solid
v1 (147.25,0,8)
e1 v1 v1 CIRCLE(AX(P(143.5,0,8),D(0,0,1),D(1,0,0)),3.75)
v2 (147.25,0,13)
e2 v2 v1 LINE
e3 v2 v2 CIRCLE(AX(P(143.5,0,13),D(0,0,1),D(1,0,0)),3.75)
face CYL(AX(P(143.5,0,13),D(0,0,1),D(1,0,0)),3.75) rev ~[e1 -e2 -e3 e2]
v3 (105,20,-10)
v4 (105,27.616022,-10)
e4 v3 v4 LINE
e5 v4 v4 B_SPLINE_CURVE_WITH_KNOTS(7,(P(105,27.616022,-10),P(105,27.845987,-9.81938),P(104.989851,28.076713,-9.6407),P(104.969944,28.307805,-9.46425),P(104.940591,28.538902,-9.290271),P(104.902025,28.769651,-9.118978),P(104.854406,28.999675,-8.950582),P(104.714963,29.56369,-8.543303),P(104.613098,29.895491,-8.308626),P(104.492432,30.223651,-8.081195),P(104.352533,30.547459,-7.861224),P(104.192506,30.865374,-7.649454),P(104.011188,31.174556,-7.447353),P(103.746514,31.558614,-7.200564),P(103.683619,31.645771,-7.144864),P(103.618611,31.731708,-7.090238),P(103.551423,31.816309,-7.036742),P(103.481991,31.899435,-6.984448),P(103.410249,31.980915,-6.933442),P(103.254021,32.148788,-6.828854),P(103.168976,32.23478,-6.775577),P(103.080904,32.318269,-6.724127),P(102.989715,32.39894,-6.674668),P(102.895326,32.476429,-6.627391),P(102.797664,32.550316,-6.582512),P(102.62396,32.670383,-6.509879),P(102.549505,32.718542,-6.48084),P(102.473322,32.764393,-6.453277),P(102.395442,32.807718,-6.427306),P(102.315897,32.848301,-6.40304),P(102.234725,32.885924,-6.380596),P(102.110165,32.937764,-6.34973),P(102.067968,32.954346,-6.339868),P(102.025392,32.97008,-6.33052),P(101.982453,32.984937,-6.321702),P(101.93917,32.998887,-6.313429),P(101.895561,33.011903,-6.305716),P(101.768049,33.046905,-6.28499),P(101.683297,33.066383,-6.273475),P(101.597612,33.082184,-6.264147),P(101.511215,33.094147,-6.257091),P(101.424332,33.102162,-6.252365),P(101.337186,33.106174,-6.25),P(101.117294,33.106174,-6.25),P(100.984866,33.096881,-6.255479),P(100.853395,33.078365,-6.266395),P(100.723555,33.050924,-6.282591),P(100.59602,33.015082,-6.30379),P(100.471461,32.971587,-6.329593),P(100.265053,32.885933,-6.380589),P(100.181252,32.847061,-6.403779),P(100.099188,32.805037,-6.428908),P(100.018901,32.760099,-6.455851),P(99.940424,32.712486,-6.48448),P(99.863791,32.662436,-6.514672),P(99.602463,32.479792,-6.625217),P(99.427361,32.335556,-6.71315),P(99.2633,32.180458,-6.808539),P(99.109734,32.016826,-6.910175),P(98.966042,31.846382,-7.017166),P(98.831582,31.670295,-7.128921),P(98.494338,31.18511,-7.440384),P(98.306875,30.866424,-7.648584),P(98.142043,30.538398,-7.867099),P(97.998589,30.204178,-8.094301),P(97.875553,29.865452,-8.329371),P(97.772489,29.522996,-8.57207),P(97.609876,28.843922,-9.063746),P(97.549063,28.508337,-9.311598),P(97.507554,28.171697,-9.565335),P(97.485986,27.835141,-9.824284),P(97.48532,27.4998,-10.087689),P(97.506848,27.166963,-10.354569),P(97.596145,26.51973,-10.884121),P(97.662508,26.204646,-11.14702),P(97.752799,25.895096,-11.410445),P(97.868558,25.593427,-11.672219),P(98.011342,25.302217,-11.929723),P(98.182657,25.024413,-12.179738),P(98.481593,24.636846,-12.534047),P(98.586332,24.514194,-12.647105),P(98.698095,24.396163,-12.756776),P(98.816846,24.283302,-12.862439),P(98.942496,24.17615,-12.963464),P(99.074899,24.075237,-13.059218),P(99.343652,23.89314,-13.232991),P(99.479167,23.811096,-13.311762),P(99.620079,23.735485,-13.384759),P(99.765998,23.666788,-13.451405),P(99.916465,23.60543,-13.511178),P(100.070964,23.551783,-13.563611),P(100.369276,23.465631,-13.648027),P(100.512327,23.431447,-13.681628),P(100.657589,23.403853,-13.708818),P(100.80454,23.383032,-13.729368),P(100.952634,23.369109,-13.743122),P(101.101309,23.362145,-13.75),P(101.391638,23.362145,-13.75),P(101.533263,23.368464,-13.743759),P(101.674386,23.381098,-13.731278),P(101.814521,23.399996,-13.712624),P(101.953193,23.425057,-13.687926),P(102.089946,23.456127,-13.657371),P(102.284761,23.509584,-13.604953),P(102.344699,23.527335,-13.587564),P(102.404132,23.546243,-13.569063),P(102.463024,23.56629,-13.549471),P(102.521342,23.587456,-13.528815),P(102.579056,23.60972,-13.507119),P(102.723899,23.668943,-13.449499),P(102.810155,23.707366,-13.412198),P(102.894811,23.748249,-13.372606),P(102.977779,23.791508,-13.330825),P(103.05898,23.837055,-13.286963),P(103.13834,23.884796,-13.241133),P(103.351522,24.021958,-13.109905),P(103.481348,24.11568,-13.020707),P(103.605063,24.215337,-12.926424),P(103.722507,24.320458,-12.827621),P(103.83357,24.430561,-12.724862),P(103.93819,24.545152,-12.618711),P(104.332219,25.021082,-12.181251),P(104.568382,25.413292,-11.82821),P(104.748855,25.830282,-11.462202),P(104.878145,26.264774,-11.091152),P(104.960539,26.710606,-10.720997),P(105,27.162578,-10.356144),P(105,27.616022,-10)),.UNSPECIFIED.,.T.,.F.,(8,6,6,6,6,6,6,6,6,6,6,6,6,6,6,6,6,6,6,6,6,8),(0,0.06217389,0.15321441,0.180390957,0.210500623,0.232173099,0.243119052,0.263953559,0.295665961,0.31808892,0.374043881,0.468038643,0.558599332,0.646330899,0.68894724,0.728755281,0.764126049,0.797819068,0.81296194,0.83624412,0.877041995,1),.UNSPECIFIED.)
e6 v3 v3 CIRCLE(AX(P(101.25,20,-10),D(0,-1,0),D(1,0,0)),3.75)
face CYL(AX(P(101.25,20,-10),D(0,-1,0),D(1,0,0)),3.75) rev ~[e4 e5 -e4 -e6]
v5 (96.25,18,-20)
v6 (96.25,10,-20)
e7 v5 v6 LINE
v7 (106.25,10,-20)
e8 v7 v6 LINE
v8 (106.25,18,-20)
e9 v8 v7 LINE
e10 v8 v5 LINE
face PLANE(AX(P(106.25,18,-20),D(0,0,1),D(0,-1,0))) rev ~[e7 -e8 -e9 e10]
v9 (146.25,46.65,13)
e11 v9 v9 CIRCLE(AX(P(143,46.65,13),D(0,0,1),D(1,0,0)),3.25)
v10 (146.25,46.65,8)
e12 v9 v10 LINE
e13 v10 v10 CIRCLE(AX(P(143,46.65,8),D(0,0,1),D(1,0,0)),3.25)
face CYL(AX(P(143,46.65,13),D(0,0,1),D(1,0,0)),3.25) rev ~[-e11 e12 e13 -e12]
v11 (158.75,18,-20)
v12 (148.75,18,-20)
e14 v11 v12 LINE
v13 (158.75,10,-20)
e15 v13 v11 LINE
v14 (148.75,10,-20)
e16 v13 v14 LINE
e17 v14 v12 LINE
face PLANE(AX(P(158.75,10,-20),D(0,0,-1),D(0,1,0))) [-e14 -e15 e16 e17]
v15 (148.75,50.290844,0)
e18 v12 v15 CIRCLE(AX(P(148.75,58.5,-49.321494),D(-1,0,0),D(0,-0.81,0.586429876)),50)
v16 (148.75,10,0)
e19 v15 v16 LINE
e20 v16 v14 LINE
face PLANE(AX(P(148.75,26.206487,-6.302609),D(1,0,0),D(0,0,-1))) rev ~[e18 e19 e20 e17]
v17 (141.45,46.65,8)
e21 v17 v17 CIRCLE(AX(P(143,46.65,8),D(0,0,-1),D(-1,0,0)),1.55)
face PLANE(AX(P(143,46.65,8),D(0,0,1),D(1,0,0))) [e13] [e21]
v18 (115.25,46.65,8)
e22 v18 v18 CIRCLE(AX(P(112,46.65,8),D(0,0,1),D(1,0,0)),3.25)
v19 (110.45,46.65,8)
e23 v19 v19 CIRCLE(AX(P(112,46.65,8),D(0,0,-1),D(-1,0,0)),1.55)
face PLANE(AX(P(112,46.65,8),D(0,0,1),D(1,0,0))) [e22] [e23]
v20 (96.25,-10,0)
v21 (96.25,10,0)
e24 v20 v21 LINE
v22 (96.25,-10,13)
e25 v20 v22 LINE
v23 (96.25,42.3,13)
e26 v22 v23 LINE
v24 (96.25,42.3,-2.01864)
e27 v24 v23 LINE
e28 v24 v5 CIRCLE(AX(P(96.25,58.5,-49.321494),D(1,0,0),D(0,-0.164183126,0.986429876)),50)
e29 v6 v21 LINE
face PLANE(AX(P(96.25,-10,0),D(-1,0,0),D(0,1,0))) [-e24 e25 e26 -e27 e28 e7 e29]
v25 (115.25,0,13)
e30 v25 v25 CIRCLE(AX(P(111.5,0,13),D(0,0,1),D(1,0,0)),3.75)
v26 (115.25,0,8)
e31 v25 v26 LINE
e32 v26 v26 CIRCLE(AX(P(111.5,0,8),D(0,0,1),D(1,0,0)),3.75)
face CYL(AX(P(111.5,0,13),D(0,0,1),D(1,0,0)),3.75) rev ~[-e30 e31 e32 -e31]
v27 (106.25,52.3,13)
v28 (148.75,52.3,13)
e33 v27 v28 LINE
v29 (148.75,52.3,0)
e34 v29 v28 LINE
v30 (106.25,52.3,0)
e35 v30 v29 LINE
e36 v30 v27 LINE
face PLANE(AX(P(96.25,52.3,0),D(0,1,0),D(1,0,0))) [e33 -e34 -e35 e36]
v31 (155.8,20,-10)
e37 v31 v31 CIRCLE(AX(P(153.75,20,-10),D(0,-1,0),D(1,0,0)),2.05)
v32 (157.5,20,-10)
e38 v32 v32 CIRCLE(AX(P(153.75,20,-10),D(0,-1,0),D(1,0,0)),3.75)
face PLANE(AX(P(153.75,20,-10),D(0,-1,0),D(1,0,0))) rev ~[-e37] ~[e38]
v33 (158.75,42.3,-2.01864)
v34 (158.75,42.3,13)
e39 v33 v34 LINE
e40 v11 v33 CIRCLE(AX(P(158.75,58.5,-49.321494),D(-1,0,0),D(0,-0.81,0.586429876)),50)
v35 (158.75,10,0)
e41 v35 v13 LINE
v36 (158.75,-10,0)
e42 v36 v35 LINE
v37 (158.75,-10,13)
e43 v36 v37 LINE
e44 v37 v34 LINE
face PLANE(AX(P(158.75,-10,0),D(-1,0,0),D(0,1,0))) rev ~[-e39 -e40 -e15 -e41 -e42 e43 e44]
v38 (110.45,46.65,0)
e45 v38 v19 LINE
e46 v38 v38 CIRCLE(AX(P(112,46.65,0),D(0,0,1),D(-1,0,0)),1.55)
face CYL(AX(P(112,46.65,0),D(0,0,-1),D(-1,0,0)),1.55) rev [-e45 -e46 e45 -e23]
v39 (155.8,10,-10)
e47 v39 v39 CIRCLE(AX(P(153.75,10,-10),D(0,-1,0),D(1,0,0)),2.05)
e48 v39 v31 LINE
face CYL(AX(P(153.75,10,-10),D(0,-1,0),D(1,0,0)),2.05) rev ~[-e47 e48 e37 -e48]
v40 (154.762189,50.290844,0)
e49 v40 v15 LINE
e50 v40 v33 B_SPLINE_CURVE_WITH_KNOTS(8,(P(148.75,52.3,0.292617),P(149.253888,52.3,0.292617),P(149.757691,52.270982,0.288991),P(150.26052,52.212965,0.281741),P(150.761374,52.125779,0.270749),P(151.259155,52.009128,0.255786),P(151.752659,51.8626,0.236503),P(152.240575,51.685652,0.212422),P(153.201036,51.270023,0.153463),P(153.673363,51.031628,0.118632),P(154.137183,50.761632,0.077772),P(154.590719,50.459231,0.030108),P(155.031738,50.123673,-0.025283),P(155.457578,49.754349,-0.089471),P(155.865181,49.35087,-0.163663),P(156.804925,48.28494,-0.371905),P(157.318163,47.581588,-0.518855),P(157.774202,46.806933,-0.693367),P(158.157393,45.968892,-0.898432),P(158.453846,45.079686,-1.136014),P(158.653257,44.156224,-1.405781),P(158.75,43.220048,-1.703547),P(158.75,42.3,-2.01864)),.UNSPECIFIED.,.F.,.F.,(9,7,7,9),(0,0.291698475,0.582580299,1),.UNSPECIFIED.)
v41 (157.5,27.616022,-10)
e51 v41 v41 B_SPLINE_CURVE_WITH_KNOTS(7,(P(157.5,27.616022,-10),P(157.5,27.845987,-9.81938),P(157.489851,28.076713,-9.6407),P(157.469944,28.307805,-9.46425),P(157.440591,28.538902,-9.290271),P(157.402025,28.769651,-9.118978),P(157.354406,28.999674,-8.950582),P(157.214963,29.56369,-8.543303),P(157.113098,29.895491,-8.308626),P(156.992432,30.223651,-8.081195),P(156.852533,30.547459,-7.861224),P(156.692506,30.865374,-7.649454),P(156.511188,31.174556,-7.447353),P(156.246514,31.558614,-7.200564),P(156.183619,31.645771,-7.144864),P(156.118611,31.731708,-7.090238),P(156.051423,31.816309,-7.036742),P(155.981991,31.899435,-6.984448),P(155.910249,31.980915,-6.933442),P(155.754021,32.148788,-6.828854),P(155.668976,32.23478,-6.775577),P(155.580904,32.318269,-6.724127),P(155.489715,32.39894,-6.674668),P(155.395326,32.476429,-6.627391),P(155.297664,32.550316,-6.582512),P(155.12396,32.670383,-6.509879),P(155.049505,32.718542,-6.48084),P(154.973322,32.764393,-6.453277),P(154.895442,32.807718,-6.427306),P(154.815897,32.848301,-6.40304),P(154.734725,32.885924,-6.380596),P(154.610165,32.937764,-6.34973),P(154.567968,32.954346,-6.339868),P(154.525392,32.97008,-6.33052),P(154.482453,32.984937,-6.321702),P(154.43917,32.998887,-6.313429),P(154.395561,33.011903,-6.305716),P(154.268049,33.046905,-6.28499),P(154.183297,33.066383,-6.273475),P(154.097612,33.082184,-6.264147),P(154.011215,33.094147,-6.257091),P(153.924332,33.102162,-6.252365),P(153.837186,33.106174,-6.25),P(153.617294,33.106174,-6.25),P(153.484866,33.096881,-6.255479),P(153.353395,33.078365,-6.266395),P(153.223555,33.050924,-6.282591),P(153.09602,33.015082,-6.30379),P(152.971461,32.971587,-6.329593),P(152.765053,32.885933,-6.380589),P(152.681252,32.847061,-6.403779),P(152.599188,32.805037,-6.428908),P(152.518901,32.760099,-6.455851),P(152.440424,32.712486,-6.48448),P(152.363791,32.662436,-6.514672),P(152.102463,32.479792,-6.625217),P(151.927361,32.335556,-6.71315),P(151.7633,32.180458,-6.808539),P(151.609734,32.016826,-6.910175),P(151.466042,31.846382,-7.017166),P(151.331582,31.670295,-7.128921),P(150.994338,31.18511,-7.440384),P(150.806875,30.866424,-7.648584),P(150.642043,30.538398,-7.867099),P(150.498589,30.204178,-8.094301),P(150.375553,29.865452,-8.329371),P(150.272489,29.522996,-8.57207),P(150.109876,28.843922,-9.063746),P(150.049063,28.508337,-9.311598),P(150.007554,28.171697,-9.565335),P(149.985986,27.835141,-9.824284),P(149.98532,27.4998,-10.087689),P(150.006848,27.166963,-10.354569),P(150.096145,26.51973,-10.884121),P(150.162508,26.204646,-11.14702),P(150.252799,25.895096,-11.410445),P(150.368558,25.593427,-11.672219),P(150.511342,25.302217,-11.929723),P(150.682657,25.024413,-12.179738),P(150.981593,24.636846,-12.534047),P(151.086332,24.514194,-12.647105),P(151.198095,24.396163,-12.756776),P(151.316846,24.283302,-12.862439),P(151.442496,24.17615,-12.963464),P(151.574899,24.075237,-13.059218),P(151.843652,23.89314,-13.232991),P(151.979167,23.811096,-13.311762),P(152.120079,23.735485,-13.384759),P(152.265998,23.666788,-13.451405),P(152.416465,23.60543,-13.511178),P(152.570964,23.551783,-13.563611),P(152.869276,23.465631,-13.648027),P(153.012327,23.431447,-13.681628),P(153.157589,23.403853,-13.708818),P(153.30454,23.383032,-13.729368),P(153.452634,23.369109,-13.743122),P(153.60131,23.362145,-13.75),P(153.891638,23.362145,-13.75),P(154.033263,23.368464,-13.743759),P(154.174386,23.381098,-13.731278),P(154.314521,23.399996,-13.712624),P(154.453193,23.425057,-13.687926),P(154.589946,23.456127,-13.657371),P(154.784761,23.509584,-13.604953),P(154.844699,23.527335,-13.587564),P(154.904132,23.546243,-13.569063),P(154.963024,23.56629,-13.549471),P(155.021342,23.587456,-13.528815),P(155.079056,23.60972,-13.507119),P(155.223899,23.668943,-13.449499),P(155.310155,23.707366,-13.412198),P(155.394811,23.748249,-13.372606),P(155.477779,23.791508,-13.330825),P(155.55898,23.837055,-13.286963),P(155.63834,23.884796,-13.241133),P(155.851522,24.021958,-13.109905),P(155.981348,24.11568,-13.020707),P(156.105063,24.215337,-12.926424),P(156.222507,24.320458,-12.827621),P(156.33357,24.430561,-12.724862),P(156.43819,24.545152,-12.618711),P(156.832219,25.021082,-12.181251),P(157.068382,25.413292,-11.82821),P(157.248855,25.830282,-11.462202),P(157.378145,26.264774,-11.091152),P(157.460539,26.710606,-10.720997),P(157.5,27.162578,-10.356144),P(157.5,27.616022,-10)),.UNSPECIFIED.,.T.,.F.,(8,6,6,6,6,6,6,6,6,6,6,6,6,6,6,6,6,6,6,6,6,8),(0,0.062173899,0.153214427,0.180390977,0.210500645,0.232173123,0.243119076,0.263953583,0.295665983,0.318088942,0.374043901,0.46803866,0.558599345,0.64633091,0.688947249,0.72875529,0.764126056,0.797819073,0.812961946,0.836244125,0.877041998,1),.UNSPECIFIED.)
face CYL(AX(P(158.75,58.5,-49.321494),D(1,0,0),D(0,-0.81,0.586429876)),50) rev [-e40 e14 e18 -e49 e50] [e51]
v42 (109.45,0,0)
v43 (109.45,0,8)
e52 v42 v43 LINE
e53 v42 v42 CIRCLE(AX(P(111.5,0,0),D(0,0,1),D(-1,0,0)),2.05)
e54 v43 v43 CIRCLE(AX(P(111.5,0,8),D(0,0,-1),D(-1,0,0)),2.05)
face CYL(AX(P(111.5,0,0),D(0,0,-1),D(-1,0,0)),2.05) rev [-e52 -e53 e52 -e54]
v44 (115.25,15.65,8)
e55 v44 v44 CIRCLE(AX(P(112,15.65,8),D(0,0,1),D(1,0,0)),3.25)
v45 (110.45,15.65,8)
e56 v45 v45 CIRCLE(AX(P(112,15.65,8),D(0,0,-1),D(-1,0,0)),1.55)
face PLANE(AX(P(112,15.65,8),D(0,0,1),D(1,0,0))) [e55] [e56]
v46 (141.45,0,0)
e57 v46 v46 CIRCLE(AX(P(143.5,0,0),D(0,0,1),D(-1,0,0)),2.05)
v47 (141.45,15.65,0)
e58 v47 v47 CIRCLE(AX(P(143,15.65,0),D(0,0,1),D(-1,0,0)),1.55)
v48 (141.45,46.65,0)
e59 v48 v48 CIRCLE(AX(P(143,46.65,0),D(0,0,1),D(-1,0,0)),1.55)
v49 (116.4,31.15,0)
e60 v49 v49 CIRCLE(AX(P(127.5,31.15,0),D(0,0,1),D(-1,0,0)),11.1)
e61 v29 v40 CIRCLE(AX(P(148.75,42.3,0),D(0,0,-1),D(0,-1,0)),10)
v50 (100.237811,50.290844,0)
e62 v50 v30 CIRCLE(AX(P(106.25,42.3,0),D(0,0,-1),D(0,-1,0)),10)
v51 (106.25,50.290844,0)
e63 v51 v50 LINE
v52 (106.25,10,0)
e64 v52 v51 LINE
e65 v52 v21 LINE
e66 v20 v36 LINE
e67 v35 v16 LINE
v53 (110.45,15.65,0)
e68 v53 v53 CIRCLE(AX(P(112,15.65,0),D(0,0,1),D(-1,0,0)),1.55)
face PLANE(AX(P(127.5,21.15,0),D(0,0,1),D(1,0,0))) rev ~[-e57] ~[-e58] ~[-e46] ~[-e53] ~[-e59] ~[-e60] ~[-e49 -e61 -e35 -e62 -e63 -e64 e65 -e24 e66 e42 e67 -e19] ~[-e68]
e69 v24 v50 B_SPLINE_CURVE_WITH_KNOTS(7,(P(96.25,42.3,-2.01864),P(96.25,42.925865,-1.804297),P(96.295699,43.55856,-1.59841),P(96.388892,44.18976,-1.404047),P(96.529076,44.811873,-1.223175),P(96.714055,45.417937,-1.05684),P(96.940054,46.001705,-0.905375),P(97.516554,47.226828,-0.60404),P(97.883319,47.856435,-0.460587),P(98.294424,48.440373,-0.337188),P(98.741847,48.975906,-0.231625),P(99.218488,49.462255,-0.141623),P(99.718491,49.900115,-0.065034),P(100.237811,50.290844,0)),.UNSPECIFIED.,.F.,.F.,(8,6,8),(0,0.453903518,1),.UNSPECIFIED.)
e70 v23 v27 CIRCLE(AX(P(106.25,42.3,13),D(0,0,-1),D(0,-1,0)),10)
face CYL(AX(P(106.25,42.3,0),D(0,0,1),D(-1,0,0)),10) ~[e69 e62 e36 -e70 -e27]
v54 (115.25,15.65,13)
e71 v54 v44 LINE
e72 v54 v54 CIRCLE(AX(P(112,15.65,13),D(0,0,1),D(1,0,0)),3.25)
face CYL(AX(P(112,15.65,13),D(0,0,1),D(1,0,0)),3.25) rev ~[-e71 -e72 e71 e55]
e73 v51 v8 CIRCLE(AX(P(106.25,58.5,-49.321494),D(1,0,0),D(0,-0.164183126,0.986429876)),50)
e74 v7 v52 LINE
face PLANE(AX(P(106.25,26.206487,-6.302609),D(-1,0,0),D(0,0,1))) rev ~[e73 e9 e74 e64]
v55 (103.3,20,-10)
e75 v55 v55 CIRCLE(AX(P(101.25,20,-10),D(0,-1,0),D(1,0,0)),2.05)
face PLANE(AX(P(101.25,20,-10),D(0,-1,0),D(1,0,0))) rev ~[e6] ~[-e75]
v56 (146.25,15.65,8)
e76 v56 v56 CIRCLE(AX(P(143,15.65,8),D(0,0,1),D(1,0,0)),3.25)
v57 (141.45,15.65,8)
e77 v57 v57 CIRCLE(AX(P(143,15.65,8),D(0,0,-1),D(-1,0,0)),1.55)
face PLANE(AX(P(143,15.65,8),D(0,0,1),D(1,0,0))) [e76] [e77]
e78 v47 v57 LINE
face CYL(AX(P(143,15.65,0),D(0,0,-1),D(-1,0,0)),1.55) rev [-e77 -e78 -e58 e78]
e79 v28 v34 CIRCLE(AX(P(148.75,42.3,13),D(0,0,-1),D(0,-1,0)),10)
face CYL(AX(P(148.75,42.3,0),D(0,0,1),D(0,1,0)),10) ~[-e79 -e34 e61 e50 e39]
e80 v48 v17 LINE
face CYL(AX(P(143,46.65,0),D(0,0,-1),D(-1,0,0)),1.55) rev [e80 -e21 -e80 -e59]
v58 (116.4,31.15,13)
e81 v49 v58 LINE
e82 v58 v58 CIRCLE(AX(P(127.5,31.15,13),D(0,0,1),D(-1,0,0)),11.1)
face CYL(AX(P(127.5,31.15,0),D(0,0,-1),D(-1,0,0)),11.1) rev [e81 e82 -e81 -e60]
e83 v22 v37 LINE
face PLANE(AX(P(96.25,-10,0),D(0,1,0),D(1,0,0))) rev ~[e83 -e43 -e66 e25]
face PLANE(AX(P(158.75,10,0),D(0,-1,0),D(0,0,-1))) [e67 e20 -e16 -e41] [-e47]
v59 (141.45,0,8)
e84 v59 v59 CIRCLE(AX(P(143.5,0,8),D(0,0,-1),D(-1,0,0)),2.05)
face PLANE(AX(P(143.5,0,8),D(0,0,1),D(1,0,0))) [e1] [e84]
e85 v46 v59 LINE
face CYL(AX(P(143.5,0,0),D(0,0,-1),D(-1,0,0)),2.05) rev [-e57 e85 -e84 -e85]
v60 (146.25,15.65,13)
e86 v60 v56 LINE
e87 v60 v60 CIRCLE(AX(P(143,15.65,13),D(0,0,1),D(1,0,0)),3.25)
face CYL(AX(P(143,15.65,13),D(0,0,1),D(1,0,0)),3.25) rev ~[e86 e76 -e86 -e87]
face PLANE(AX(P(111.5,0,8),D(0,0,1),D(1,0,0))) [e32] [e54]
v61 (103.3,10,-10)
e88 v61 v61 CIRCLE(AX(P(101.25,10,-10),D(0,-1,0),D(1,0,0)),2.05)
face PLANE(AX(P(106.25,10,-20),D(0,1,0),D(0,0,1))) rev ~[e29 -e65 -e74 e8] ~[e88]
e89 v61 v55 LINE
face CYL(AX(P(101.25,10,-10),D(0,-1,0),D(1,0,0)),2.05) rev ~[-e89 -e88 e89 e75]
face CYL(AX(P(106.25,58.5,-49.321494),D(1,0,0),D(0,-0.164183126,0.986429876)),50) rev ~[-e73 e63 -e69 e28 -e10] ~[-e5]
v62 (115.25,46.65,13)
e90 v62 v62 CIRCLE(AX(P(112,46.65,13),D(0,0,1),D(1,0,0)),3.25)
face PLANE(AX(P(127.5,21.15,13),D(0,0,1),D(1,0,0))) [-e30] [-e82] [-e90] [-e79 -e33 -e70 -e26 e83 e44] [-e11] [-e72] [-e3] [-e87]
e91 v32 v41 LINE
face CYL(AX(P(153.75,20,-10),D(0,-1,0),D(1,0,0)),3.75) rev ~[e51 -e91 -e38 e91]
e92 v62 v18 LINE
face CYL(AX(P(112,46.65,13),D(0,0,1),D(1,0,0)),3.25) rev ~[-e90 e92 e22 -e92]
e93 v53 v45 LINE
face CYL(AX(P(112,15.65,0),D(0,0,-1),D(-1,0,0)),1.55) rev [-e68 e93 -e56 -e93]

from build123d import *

# Parameters (mm, degrees)
CROQUIS1_W                 = 62.5
CROQUIS1_H                 = 62.3
CROQUIS1_R                 = 11.1
CROQUIS1_R_2               = 1.55
CROQUIS1_R_3               = 2.05
SALIENTE_EXTRUIR1_DEPTH    = 13
CROQUIS2_R                 = 3.25
CROQUIS2_R_2               = 3.75
CORTAR_EXTRUIR1_DEPTH      = 5
SALIENTE_EXTRUIR2_DEPTH    = 10
SALIENTE_EXTRUIR3_START    = -10
SALIENTE_EXTRUIR3_DEPTH    = 10
CORTAR_EXTRUIR2_REACH      = 167.502
CORTAR_EXTRUIR2_END_RADIUS = 50
CROQUIS6_R                 = 2.05
CORTAR_EXTRUIR3_REACH      = 177.502
CORTAR_EXTRUIR3_END_RADIUS = 50
CORTAR_EXTRUIR3_START      = -10
CROQUIS7_R                 = 3.75
REDONDEO1_R                = 10


with BuildPart() as part:
    # Croquis1 → Saliente-Extruir1 (new body)
    with BuildSketch(Plane.XY):
        with Locations((127.5, 21.15)):
            Rectangle(CROQUIS1_W, CROQUIS1_H)
        with Locations(Location((127.5, 31.15, 0), (0, 0, 180))):
            Circle(CROQUIS1_R, mode=Mode.SUBTRACT)
        with Locations(Location((112, 46.65, 0), (0, 0, 180))):
            Circle(CROQUIS1_R_2, mode=Mode.SUBTRACT)
        with Locations(Location((143, 46.65, 0), (0, 0, 180))):
            Circle(CROQUIS1_R_2, mode=Mode.SUBTRACT)
        with Locations(Location((143, 15.65, 0), (0, 0, 180))):
            Circle(CROQUIS1_R_2, mode=Mode.SUBTRACT)
        with Locations(Location((112, 15.65, 0), (0, 0, 180))):
            Circle(CROQUIS1_R_2, mode=Mode.SUBTRACT)
        with Locations(Location((111.5, 0, 0), (0, 0, 180))):
            Circle(CROQUIS1_R_3, mode=Mode.SUBTRACT)
        with Locations(Location((143.5, 0, 0), (0, 0, 180))):
            Circle(CROQUIS1_R_3, mode=Mode.SUBTRACT)
    extrude(amount=SALIENTE_EXTRUIR1_DEPTH)

    # Croquis2 → Cortar-Extruir1 (cut)
    with BuildSketch(Plane.XY.offset(13)):
        with Locations((112, 46.65)):
            Circle(CROQUIS2_R)
        with Locations((143, 46.65)):
            Circle(CROQUIS2_R)
        with Locations((143, 15.65)):
            Circle(CROQUIS2_R)
        with Locations((112, 15.65)):
            Circle(CROQUIS2_R)
        with Locations((111.5, 0)):
            Circle(CROQUIS2_R_2)
        with Locations((143.5, 0)):
            Circle(CROQUIS2_R_2)
    extrude(amount=-CORTAR_EXTRUIR1_DEPTH, mode=Mode.SUBTRACT)

    # Croquis4 → Saliente-Extruir2 (add)
    with BuildSketch(Plane(origin=(158.75, 0, 0), x_dir=(0, 0, -1), z_dir=(1, 0, 0))):
        with BuildLine():
            Line((0, 10), (20, 10))
            Line((20, 10), (20, 18))
            ThreePointArc((20, 18), (6.81438238, 32.17234388), (0, 50.290843704))
            Line((0, 50.290843704), (0, 10))
        make_face()
    extrude(amount=-SALIENTE_EXTRUIR2_DEPTH)

    # Croquis5 → Saliente-Extruir3 (add)
    with BuildSketch(Plane.ZY.offset(-96.25).offset(SALIENTE_EXTRUIR3_START)):
        with BuildLine():
            Line((0, 10), (0, 50.290843704))
            ThreePointArc((0, 50.290843704), (-6.81438238, 32.17234388), (-20, 18))
            Line((-20, 18), (-20, 10))
            Line((-20, 10), (0, 10))
        make_face()
    extrude(amount=SALIENTE_EXTRUIR3_DEPTH)

    # Cortar-Extruir2: up to this cylinder (the profile starts outside it)
    cortar_extruir2_end = Plane(origin=(127.5, 58.5, -49.321493823), z_dir=(1, 0, 0)) * Cylinder(CORTAR_EXTRUIR2_END_RADIUS, 488.504, mode=Mode.PRIVATE)
    # Croquis6 → Cortar-Extruir2 (cut, up to the surface)
    with BuildSketch(Plane.XZ.offset(-10), mode=Mode.PRIVATE) as cortar_extruir2_sk1:
        with Locations((101.25, -10)):
            Circle(CROQUIS6_R)
    cortar_extruir2_tool1 = extrude(cortar_extruir2_sk1.sketch, amount=-CORTAR_EXTRUIR2_REACH, mode=Mode.PRIVATE) - cortar_extruir2_end
    add(cortar_extruir2_tool1.solids().sort_by_distance((101.25, 10, -10))[0], mode=Mode.SUBTRACT)
    # Croquis6 → Cortar-Extruir2 (cut, up to the surface)
    with BuildSketch(Plane.XZ.offset(-10), mode=Mode.PRIVATE) as cortar_extruir2_sk2:
        with Locations((153.75, -10)):
            Circle(CROQUIS6_R)
    cortar_extruir2_tool2 = extrude(cortar_extruir2_sk2.sketch, amount=-CORTAR_EXTRUIR2_REACH, mode=Mode.PRIVATE) - cortar_extruir2_end
    add(cortar_extruir2_tool2.solids().sort_by_distance((153.75, 10, -10))[0], mode=Mode.SUBTRACT)

    # Cortar-Extruir3: up to this cylinder (the profile starts outside it)
    cortar_extruir3_end = Plane(origin=(127.5, 58.5, -49.321493823), z_dir=(1, 0, 0)) * Cylinder(CORTAR_EXTRUIR3_END_RADIUS, 508.504, mode=Mode.PRIVATE)
    # Croquis7 → Cortar-Extruir3 (cut, up to the surface)
    with BuildSketch(Plane.XZ.offset(-10).offset(CORTAR_EXTRUIR3_START), mode=Mode.PRIVATE) as cortar_extruir3_sk1:
        with Locations((101.25, -10)):
            Circle(CROQUIS7_R)
    cortar_extruir3_tool1 = extrude(cortar_extruir3_sk1.sketch, amount=-CORTAR_EXTRUIR3_REACH, mode=Mode.PRIVATE) - cortar_extruir3_end
    add(cortar_extruir3_tool1.solids().sort_by_distance((101.25, 20, -10))[0], mode=Mode.SUBTRACT)
    # Croquis7 → Cortar-Extruir3 (cut, up to the surface)
    with BuildSketch(Plane.XZ.offset(-10).offset(CORTAR_EXTRUIR3_START), mode=Mode.PRIVATE) as cortar_extruir3_sk2:
        with Locations((153.75, -10)):
            Circle(CROQUIS7_R)
    cortar_extruir3_tool2 = extrude(cortar_extruir3_sk2.sketch, amount=-CORTAR_EXTRUIR3_REACH, mode=Mode.PRIVATE) - cortar_extruir3_end
    add(cortar_extruir3_tool2.solids().sort_by_distance((153.75, 20, -10))[0], mode=Mode.SUBTRACT)

    # Redondeo1
    redondeo1_edges = [part.edges().sort_by_distance(p)[0] for p in [
        (96.25, 52.3, 6.5),
        (158.75, 52.3, 6.5),
    ]]
    fillet(redondeo1_edges, radius=REDONDEO1_R)


solid = part.part
